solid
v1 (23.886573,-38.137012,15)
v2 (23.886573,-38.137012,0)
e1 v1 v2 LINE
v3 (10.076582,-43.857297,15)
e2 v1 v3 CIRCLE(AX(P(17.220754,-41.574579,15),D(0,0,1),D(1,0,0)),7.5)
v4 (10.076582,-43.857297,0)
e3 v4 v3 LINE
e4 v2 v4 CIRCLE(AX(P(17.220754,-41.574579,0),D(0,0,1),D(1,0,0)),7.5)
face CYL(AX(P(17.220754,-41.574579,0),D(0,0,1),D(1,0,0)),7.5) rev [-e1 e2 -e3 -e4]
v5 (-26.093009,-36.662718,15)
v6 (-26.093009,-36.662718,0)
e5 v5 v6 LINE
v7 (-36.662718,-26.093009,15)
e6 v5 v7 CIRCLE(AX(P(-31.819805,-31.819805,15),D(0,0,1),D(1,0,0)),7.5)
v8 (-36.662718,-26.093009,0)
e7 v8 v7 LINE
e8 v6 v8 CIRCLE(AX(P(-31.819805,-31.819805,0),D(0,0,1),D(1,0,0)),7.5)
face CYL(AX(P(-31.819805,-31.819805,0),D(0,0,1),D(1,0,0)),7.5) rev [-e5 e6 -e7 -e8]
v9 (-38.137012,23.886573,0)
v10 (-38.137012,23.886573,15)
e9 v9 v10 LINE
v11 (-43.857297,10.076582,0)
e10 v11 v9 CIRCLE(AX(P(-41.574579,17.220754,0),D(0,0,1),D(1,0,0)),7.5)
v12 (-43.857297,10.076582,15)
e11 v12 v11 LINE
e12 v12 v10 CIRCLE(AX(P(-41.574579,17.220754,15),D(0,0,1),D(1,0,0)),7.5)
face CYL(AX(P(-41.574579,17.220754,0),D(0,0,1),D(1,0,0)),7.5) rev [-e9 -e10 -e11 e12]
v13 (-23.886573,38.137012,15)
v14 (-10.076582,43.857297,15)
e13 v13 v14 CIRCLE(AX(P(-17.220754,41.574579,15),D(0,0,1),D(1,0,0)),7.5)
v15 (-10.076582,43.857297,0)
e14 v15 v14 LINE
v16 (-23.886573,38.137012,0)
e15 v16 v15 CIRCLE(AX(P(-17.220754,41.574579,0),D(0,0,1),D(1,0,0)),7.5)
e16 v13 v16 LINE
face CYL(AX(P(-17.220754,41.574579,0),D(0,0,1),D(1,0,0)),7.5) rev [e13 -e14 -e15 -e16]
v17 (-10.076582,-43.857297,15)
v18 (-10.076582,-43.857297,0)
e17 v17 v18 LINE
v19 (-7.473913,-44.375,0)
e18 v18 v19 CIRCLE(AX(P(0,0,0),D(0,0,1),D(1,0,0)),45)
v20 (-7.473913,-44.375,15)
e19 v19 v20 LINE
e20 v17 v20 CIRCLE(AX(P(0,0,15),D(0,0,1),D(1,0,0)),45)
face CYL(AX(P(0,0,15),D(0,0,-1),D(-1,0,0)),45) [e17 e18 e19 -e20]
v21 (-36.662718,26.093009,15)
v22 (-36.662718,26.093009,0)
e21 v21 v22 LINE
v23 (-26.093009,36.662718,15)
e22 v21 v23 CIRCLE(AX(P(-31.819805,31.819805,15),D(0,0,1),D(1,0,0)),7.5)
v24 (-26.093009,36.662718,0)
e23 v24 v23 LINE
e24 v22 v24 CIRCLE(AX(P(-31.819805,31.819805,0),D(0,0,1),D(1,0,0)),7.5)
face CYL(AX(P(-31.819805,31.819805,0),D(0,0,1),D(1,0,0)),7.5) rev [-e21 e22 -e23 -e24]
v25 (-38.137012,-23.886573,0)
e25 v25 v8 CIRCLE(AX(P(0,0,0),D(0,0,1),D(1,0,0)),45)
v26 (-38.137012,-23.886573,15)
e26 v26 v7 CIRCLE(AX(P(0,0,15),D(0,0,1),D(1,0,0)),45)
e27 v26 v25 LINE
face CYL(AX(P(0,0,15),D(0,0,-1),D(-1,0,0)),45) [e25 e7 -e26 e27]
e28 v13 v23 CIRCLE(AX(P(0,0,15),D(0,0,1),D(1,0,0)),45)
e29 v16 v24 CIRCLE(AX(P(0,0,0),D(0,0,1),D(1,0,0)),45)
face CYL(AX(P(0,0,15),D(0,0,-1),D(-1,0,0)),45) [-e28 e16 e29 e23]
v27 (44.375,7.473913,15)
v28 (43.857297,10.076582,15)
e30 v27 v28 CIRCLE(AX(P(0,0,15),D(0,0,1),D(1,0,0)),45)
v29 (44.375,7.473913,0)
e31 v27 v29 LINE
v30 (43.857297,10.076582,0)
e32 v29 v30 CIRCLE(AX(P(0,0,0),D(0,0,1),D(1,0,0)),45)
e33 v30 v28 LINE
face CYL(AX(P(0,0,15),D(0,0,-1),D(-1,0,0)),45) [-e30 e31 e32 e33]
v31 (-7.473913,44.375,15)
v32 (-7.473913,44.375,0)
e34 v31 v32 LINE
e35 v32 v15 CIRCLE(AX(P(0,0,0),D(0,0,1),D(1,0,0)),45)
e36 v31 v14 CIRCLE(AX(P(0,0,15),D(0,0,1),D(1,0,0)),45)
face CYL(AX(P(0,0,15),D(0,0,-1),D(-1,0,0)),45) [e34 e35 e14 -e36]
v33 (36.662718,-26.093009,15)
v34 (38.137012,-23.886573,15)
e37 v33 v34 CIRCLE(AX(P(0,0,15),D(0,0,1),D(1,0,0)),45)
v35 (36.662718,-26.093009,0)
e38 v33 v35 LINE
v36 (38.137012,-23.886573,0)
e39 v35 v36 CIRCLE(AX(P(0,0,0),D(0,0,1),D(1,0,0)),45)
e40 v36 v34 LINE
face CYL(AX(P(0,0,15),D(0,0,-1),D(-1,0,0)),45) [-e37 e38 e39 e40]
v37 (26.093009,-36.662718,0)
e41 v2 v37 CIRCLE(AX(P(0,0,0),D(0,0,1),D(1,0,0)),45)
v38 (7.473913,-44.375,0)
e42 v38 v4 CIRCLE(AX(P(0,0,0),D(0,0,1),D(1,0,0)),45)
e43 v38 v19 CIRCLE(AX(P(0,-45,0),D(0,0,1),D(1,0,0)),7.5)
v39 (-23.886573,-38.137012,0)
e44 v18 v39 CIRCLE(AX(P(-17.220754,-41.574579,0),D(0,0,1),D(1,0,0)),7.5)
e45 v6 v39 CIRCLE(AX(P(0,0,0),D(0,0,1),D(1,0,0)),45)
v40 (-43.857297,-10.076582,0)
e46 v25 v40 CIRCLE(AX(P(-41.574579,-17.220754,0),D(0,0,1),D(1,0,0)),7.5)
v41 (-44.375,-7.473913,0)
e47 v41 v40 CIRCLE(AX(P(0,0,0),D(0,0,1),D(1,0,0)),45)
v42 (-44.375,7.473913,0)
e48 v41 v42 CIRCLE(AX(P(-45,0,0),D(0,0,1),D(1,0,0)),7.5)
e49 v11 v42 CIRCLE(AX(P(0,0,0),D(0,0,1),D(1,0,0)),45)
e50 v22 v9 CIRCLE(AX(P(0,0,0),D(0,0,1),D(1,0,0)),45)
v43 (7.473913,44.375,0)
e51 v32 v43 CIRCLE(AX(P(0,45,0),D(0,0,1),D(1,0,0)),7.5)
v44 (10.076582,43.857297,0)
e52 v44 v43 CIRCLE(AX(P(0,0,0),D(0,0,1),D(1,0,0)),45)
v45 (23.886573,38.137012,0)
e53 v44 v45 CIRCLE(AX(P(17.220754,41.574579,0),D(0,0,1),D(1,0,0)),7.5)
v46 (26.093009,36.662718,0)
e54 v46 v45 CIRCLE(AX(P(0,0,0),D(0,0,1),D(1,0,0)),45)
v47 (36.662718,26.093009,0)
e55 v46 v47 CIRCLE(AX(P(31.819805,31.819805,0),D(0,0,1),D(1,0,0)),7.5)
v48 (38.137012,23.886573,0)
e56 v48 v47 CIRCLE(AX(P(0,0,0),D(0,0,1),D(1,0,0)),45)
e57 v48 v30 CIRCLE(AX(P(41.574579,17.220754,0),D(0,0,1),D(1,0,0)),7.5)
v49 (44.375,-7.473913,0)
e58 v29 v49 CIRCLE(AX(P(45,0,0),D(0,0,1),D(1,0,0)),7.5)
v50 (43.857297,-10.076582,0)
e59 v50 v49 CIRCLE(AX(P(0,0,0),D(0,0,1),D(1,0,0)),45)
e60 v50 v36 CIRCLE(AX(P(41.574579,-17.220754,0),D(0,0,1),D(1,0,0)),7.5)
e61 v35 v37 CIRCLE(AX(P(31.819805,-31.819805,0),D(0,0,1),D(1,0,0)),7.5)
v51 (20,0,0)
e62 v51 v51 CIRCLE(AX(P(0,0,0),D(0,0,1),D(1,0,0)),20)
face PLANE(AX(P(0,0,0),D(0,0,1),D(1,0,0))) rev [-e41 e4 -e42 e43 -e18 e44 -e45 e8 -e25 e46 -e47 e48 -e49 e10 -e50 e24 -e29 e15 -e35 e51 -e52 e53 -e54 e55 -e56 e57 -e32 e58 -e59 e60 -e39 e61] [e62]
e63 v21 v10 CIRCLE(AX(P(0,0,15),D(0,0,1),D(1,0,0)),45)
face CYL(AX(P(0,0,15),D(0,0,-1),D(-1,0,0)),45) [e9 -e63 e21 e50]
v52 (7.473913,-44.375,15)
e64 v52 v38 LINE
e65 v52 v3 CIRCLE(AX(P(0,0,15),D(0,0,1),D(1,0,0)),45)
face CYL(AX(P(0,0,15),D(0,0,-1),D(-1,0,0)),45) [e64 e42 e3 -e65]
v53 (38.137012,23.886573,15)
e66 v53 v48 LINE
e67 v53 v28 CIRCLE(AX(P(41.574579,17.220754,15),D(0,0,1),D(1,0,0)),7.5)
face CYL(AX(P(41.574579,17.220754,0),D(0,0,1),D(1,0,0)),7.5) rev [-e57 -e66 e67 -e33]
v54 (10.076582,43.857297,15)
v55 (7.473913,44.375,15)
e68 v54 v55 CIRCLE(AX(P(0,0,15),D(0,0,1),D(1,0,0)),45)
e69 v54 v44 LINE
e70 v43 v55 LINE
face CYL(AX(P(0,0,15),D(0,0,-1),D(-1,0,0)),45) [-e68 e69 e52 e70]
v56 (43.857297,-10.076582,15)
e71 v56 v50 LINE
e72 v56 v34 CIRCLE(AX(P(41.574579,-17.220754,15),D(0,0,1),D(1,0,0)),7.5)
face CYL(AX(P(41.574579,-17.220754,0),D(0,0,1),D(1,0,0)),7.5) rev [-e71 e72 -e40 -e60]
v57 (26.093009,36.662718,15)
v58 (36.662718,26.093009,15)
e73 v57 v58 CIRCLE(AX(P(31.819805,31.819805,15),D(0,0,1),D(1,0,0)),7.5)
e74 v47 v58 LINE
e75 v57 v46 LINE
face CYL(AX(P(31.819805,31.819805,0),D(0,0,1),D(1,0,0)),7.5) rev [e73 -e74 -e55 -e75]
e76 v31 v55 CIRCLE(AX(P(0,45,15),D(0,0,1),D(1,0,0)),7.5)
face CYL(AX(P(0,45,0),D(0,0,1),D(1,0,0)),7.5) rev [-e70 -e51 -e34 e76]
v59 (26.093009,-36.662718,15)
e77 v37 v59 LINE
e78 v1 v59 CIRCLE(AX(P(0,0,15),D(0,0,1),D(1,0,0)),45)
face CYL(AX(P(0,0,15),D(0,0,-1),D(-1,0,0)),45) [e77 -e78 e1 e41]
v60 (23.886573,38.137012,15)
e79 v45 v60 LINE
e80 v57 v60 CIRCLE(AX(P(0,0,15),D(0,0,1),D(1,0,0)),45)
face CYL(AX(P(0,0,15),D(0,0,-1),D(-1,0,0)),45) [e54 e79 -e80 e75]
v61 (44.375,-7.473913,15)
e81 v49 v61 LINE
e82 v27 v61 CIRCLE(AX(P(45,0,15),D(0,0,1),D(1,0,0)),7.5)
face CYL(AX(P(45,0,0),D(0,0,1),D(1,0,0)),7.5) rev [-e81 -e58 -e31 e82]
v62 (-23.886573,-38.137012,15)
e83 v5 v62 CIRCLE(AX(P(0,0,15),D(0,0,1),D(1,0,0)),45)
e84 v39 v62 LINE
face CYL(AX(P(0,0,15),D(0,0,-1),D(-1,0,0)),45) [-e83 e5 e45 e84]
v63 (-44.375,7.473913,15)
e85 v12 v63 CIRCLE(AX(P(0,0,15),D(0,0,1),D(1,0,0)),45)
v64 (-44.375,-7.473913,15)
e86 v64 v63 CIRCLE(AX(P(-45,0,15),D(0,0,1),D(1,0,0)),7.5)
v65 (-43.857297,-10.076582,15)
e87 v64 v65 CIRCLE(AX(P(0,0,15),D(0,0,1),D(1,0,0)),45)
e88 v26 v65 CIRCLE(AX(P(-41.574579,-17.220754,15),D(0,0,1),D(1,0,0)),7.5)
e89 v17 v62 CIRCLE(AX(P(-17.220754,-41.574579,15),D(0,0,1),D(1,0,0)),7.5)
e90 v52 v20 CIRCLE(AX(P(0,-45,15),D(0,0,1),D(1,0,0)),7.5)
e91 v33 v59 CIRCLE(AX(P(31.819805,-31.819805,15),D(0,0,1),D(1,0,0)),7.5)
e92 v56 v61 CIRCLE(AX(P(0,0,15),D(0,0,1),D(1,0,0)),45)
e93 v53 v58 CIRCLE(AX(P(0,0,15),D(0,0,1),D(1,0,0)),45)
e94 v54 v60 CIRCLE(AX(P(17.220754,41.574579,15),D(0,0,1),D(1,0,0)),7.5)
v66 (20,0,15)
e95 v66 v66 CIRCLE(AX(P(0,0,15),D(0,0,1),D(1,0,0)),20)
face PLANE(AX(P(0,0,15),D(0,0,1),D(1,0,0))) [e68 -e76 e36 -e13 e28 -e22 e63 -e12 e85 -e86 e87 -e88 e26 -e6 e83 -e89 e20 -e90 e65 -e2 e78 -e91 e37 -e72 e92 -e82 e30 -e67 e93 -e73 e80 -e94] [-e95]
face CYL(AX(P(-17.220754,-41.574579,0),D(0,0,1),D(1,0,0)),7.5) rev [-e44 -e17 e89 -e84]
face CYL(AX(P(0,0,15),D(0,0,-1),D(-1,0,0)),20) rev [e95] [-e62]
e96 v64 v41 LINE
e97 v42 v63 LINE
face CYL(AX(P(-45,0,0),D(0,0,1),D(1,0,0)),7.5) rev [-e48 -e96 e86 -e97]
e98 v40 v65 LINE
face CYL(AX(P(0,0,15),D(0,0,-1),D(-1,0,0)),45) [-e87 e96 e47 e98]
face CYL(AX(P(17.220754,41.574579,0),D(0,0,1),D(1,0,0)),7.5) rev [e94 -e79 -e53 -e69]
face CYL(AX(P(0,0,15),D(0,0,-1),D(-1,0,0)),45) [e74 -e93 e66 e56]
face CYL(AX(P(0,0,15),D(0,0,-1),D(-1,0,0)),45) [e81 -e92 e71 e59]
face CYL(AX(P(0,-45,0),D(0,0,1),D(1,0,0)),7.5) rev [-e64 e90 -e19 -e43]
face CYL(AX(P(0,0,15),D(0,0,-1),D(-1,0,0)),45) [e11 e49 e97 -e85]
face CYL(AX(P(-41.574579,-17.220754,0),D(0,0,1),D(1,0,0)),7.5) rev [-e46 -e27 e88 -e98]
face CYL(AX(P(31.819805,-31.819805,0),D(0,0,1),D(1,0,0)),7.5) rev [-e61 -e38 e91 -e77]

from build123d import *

# Parameters (mm, degrees)
SKETCH1_R           = 45
SKETCH1_R_2         = 20
BOSS_EXTRUDE1_DEPTH = 15
SKETCH2_R           = 7.5
CUT_EXTRUDE1_DEPTH  = 15


with BuildPart() as part:
    # Sketch1 → Boss-Extrude1 (new body)
    with BuildSketch(Plane.XY):
        Circle(SKETCH1_R)
        Circle(SKETCH1_R_2, mode=Mode.SUBTRACT)
    extrude(amount=BOSS_EXTRUDE1_DEPTH)

    # Sketch2 → Cut-Extrude1 (cut)
    with BuildSketch(Plane.XY.offset(15)):
        with Locations((0, 45)):
            Circle(SKETCH2_R)
        with Locations((17.220754456, 41.574578963)):
            Circle(SKETCH2_R)
        with Locations((31.819805153, 31.819805153)):
            Circle(SKETCH2_R)
        with Locations((41.574578963, 17.220754456)):
            Circle(SKETCH2_R)
        with Locations((45, 0)):
            Circle(SKETCH2_R)
        with Locations((41.574578963, -17.220754456)):
            Circle(SKETCH2_R)
        with Locations((31.819805153, -31.819805153)):
            Circle(SKETCH2_R)
        with Locations((17.220754456, -41.574578963)):
            Circle(SKETCH2_R)
        with Locations((0, -45)):
            Circle(SKETCH2_R)
        with Locations((-17.220754456, -41.574578963)):
            Circle(SKETCH2_R)
        with Locations((-31.819805153, -31.819805153)):
            Circle(SKETCH2_R)
        with Locations((-41.574578963, -17.220754456)):
            Circle(SKETCH2_R)
        with Locations((-45, 0)):
            Circle(SKETCH2_R)
        with Locations((-41.574578963, 17.220754456)):
            Circle(SKETCH2_R)
        with Locations((-31.819805153, 31.819805153)):
            Circle(SKETCH2_R)
        with Locations((-17.220754456, 41.574578963)):
            Circle(SKETCH2_R)
    extrude(amount=-CUT_EXTRUDE1_DEPTH, mode=Mode.SUBTRACT)


solid = part.part
